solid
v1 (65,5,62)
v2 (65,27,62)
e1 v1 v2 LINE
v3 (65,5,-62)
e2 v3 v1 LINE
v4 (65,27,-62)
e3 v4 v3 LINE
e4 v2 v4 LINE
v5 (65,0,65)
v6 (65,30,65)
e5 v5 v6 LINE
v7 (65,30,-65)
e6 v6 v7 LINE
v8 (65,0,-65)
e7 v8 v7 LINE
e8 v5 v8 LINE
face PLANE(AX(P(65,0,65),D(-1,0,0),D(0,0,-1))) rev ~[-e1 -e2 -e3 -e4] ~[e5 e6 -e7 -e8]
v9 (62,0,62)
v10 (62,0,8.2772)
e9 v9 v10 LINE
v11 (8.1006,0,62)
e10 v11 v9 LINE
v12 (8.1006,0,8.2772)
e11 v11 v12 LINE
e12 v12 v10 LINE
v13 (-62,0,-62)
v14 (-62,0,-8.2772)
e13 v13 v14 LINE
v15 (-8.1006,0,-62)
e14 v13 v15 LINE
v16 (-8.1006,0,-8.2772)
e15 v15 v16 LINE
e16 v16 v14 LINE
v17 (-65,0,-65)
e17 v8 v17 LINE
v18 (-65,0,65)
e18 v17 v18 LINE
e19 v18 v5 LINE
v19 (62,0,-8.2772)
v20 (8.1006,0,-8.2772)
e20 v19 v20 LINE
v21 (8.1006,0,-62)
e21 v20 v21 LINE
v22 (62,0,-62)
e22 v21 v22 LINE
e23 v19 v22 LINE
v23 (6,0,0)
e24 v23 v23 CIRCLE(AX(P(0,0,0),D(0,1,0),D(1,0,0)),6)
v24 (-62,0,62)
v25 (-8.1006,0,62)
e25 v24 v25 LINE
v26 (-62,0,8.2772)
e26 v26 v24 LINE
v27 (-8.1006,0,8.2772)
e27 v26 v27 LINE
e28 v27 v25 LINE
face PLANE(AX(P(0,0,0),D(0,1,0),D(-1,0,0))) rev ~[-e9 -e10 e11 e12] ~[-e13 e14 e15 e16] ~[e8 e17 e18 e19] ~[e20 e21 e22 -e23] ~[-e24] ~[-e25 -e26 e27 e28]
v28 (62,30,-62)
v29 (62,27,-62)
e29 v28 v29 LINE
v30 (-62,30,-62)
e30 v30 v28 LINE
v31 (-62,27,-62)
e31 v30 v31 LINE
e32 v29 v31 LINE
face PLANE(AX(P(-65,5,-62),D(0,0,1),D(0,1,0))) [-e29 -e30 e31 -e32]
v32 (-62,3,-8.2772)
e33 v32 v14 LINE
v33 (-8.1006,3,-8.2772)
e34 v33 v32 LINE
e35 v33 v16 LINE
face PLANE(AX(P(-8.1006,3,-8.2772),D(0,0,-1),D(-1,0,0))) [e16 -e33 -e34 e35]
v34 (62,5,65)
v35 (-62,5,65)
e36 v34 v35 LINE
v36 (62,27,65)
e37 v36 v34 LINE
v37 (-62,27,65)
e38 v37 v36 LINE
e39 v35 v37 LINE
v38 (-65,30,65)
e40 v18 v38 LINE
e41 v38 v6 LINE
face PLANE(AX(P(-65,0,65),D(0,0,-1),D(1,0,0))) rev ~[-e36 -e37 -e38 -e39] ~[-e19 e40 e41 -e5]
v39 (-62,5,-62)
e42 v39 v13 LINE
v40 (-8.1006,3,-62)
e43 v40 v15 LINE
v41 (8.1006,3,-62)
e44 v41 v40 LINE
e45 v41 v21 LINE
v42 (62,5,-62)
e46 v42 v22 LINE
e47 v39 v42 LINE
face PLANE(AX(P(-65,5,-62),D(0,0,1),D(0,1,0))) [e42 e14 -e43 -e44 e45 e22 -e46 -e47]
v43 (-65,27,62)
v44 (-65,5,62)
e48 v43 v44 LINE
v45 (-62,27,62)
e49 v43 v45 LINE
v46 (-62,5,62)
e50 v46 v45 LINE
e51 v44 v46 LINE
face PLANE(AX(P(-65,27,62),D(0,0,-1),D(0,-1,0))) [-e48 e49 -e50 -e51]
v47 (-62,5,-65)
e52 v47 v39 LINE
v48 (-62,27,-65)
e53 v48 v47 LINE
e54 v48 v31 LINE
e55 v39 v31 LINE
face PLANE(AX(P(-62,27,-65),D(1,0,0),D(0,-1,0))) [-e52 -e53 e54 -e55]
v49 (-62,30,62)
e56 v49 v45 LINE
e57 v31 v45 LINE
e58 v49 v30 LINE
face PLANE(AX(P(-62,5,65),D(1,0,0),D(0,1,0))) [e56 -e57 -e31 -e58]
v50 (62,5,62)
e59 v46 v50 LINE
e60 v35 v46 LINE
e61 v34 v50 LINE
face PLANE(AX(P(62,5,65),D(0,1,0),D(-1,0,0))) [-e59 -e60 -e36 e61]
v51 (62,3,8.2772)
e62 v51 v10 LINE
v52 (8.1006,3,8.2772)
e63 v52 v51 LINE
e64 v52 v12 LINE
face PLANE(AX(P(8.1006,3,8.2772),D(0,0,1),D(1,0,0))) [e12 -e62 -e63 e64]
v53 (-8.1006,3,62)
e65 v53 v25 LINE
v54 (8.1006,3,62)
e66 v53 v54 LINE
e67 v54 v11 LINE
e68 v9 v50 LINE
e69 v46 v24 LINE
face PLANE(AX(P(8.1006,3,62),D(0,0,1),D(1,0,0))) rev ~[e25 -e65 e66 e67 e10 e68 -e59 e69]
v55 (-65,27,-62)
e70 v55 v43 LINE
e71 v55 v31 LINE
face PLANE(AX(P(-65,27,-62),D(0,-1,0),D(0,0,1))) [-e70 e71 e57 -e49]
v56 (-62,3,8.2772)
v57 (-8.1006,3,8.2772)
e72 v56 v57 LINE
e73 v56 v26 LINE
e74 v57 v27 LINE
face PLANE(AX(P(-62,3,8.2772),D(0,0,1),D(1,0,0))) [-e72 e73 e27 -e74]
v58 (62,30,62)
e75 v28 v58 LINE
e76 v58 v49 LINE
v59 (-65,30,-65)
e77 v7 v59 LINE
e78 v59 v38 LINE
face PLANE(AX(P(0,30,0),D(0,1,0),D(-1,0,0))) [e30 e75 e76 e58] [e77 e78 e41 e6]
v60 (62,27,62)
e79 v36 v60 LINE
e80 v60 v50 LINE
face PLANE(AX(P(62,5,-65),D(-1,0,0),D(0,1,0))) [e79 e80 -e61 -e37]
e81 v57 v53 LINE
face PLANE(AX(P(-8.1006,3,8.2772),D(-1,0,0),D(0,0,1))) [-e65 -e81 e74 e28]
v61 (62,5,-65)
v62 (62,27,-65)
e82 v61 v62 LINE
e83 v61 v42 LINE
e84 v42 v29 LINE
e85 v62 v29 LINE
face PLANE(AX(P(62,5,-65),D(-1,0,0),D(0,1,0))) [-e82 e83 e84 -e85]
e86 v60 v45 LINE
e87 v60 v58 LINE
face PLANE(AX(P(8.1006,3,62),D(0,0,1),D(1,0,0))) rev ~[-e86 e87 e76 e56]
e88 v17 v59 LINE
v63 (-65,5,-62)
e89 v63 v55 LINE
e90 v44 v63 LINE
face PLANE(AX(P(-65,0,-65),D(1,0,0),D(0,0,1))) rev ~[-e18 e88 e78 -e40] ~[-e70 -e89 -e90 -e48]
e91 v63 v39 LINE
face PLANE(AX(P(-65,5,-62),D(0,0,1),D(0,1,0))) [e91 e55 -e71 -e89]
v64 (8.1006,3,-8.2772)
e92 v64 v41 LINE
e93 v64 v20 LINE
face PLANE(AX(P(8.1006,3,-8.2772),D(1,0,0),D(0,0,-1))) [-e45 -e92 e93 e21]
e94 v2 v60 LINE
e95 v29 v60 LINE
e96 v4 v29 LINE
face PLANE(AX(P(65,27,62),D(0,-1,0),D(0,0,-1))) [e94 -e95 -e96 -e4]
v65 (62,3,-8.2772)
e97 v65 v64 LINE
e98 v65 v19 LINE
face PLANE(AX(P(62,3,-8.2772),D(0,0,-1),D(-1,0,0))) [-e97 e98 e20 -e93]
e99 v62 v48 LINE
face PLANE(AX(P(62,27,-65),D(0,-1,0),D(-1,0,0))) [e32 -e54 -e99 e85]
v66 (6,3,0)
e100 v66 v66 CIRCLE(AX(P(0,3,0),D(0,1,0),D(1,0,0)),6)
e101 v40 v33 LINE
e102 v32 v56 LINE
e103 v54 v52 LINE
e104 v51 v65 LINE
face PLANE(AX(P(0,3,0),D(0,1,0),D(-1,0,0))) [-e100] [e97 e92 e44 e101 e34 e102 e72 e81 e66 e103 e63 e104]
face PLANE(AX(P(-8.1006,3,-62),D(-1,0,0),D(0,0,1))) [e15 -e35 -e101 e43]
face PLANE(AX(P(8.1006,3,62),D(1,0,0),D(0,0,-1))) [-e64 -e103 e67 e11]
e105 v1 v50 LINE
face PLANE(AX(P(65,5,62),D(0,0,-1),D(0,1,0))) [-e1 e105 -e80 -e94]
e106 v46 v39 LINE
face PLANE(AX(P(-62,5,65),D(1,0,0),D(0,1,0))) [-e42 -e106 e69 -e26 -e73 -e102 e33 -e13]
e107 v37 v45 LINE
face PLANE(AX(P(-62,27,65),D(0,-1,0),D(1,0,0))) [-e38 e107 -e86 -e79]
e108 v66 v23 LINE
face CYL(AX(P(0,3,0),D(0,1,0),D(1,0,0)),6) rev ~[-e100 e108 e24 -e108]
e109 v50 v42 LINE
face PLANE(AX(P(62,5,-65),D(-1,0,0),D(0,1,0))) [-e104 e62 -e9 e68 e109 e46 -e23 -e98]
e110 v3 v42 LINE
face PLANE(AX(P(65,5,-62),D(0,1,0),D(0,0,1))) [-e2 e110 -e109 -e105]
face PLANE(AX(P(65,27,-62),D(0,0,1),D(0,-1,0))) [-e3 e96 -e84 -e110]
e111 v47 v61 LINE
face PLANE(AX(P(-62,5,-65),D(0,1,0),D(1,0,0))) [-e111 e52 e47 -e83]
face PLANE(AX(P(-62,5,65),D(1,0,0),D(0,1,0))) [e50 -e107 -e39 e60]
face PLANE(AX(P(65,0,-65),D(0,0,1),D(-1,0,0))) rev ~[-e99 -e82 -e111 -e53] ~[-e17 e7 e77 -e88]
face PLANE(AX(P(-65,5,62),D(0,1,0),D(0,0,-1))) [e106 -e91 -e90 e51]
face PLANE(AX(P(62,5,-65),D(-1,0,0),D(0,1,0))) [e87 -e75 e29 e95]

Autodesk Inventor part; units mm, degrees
ref_plane "YZ Plane" through (0, 0, 0) normal (1, 0, 0) x (0, 1, 0)
ref_plane "XZ Plane" through (0, 0, 0) normal (0, 1, 0) x (-1, 0, 0)
ref_plane "XY Plane" through (0, 0, 0) normal (0, 0, 1) x (1, 0, 0)
sketch "Sketch1" plane through (0, 0, 0) normal (0, 1, 0) x (-1, 0, 0)
  line L0 (65, 65) -> (-65, 65)
  line L1 (-65, 65) -> (-65, -65)
  line L2 (-65, -65) -> (65, -65)
  line L3 (65, -65) -> (65, 65)
  line L4 (65, 65) -> (-65, -65) construction
  line L5 (-65, 65) -> (65, -65) construction
  point P0 (0, 0)
  dimension "d0" = 130
  dimension "d1" = 130
extrude "Extrusion1" add sketch "Sketch1" along normal blind 30
shell "Shell1" thickness 3 removed faces 1 at (21.6667, 30, -21.6667)
sketch "Sketch2" plane through (-62, 3, -62) normal (0, 1, 0) x (1, 0, 0)
  line L0 (129.611, -53.7228) -> (-3, -53.7228)
  line L1 (-3, -53.7228) -> (-3, -70.2772)
  line L2 (-3, -70.2772) -> (129.611, -70.2772)
  line L3 (129.611, -70.2772) -> (129.611, -53.7228)
  line L4 (53.8994, 0) -> (53.8994, -127.3663)
  line L5 (53.8994, -127.3663) -> (70.1006, -127.3663)
  line L6 (70.1006, -127.3663) -> (70.1006, 0)
  line L7 (70.1006, 0) -> (53.8994, 0)
  line L8 (0, 0) -> (124, 0) projected
  line L9 (-3, 3) -> (-3, -127) projected
  line L10 (124, -124) -> (124, 0) projected
  line L11 (124, 0) -> (0, 0) projected
  line L12 (0, 0) -> (0, -124) projected
  line L13 (0, -124) -> (124, -124) projected
  point P0 (62, -62)
  point P1 (63.6106, -64.6568)
  point P2 (62, 0)
  point P3 (-3, -62)
  point P4 (70.1006, -124)
  point P5 (124, -70.2772)
  point P6 (70.1006, -70.2772)
  point P7 (124, -53.7228)
  point P8 (70.1006, 0)
  point P9 (70.1006, -53.7228)
  point P10 (0, -53.7228)
  point P11 (53.8994, -53.7228)
  point P12 (53.8994, 0)
  point P13 (53.8994, -124)
  point P14 (53.8994, -70.2772)
  point P15 (0, -70.2772)
  dimension "d5" = 16.5545
  dimension "d6" = 16.2012
extrude "Extrusion2" cut sketch "Sketch2" against normal through all contours L0 L6 L8 L10 | L10 L13 L6 L2 | L0 L12 L8 L4 | L4 L13 L12 L2
sketch "Sketch3" plane through (-65, 0, 65) normal (0, 0, 1) x (1, 0, 0)
  line L0 (3, 27) -> (127, 27)
  line L1 (127, 27) -> (127, 5)
  line L2 (127, 5) -> (3, 5)
  line L3 (3, 5) -> (3, 27)
  line L4 (3, 27) -> (127, 5) construction
  line L5 (127, 27) -> (3, 5) construction
  line L6 (0, 0) -> (130, 0) projected
  line L7 (0, 0) -> (0, 30) projected
  line L8 (130, 0) -> (130, 30) projected
  line L9 (0, 30) -> (130, 30) projected
  point P0 (65, 0)
  point P1 (65, 16)
  dimension "d9" = 5
  dimension "d10" = 3
  dimension "d11" = 3
  dimension "d12" = 3
extrude "Extrusion3" cut sketch "Sketch3" against normal blind 25.4 contours L0 L1 L2 L3
sketch "Sketch4" plane through (-62, 3, 65) normal (0, 1, 0) x (1, 0, 0)
  circle A0 centre (62, 65) radius 6
  dimension "d15" = 12
extrude "Extrusion4" cut sketch "Sketch4" against normal blind 25.4
pattern_circular "Circular Pattern1" count 4 over 360 about axis through (0, 3, 0) along (0, -1, 0) of "Extrusion3"
properties part number "Ground Support (Topologi)"
